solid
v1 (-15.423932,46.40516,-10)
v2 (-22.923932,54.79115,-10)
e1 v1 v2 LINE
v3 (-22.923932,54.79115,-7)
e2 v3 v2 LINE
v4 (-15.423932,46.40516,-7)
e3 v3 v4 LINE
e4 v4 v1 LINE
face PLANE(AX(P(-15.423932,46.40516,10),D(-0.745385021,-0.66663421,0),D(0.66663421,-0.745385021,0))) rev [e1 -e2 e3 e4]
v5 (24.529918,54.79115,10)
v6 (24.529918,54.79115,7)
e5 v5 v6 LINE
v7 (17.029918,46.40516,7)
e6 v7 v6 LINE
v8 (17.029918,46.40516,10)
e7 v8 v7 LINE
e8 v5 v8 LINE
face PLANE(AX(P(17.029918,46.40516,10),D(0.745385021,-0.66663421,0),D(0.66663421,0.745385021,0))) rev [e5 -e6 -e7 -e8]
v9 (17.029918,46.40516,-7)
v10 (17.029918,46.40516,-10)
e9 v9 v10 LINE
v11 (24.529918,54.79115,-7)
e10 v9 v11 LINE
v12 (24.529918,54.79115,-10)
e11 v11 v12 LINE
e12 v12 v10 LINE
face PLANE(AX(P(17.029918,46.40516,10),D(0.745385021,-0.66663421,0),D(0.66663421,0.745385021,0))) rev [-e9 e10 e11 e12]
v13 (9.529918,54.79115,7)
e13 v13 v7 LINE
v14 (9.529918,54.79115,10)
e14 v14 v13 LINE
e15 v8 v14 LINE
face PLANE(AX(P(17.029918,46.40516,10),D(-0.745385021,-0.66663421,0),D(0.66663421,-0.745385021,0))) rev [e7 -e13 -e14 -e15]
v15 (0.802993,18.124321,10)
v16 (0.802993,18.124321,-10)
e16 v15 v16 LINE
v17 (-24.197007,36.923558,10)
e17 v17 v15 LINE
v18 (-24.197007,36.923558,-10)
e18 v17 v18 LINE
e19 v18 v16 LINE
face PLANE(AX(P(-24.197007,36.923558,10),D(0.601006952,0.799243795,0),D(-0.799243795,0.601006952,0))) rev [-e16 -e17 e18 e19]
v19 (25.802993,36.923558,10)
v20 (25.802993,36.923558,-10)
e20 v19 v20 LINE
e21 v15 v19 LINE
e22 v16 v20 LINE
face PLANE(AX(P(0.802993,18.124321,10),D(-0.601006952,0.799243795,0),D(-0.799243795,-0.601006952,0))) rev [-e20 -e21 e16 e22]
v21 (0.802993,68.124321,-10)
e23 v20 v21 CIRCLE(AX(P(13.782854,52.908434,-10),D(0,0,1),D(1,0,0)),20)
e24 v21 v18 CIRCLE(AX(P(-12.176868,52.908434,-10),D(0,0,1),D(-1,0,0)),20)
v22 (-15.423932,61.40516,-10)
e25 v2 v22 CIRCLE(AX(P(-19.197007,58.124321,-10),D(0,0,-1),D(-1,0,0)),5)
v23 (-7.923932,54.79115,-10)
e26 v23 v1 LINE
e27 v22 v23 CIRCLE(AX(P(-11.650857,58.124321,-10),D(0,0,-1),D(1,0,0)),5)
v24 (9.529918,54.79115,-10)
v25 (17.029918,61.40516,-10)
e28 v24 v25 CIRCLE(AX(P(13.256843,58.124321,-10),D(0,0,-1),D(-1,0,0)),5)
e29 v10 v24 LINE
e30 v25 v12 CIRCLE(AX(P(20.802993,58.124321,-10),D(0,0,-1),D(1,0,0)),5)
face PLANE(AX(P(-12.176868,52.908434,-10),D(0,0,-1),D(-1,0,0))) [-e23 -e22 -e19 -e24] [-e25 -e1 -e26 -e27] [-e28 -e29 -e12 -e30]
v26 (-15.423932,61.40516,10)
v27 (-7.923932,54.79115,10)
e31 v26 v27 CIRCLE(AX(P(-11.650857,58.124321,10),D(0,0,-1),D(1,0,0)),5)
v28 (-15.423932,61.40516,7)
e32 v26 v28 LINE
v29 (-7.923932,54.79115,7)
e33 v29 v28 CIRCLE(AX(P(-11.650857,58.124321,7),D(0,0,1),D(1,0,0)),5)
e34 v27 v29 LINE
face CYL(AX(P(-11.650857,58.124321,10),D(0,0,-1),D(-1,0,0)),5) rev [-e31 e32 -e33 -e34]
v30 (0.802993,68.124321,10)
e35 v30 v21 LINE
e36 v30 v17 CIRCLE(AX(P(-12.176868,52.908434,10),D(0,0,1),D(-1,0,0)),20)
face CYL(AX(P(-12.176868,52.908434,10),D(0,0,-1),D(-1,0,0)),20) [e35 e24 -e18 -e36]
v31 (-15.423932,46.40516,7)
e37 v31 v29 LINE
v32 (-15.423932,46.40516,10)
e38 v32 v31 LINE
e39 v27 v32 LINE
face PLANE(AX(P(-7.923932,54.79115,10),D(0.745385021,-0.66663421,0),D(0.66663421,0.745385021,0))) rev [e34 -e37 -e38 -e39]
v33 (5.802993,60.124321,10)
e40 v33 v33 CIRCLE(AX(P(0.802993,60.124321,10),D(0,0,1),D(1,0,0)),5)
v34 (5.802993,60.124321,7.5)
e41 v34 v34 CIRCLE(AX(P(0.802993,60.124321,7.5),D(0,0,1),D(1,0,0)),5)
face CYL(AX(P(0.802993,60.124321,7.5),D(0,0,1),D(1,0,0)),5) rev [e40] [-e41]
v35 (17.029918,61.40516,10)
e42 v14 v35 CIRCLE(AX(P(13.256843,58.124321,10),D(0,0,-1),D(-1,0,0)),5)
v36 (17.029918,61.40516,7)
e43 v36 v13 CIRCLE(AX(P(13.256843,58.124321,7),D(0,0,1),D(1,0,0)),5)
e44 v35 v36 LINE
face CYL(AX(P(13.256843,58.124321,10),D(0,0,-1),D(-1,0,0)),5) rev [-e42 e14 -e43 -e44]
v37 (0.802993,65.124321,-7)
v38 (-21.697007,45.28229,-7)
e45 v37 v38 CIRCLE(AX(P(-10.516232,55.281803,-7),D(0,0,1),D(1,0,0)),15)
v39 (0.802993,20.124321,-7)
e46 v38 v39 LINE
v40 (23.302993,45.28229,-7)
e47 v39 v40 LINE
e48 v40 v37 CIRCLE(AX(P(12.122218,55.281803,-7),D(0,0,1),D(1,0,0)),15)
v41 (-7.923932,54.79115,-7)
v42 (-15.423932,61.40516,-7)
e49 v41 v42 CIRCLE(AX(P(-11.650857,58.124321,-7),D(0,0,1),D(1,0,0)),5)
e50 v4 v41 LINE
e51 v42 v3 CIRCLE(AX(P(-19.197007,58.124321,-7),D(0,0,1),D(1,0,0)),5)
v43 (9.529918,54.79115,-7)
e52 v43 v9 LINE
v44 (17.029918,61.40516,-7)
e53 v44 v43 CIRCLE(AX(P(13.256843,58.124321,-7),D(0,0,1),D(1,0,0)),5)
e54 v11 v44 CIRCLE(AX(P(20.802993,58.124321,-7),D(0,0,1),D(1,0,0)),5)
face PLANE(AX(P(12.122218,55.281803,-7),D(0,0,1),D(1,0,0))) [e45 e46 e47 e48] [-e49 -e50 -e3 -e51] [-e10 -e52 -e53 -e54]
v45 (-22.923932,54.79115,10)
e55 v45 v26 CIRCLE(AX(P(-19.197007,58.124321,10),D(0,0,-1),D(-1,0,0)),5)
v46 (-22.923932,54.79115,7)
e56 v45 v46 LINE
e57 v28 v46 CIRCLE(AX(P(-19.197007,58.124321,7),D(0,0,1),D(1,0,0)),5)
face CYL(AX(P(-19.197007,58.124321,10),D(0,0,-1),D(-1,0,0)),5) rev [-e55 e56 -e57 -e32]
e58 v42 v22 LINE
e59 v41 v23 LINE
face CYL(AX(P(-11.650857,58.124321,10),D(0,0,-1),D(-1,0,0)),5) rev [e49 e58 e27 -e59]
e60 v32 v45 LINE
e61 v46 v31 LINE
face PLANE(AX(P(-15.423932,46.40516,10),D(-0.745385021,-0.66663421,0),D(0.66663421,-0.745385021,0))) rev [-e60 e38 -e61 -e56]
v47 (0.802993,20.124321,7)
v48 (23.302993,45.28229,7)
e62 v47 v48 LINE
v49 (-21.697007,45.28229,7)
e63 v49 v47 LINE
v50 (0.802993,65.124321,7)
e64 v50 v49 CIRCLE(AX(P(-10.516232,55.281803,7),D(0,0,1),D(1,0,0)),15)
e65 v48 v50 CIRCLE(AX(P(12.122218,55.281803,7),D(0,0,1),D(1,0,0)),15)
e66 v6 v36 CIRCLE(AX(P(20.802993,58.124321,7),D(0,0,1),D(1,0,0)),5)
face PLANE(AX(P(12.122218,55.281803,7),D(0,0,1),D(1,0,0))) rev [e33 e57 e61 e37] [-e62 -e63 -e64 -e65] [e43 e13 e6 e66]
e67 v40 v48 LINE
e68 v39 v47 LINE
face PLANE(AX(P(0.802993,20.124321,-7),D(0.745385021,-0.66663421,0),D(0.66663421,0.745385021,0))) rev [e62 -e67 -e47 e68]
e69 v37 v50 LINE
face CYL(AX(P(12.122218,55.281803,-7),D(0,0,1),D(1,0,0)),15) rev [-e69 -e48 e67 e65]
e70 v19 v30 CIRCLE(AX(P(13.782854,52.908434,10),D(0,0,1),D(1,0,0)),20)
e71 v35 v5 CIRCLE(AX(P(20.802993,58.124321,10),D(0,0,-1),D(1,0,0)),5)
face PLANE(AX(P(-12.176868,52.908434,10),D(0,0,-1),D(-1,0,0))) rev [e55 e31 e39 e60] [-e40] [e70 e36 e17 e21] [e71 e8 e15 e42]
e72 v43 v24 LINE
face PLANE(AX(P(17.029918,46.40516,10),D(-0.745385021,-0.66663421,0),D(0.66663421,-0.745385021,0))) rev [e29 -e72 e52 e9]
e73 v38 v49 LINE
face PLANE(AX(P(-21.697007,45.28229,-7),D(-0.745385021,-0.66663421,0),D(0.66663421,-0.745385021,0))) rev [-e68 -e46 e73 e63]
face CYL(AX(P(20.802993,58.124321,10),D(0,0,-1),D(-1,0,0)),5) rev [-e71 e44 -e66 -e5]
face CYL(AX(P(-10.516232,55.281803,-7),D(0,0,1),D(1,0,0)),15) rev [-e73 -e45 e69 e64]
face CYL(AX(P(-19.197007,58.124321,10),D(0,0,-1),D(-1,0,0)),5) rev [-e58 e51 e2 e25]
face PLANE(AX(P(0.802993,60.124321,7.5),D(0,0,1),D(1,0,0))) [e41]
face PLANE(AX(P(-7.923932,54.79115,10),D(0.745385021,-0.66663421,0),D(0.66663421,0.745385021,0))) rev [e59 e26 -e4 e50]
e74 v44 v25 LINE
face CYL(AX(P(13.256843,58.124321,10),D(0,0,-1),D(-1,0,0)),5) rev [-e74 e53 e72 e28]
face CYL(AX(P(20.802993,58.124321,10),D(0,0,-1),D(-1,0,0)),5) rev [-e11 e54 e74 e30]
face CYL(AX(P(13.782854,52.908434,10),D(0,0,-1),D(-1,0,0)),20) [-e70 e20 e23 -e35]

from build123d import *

# Parameters (mm, degrees)
EXTRUDE_1_DEPTH     = 10
SKETCH_2_R          = 5
CUT_EXTRUDE_1_DEPTH = 2.5
CUT_EXTRUDE_2_DEPTH = 7
CUT_EXTRUDE_3_DEPTH = 20


with BuildPart() as part:
    # 草圖1 → 填料-伸長1 (new, symmetric)
    with BuildSketch(Plane.XY):
        with BuildLine():
            Line((-24.197007139, 36.923558221), (0.802992861, 18.124320865))
            Line((0.802992861, 18.124320865), (25.802992861, 36.923558221))
            ThreePointArc((25.802992861, 36.923558221), (29.390613552, 65.414346162), (0.802992861, 68.124320865))
            ThreePointArc((0.802992861, 68.124320865), (-27.78462783, 65.414346162), (-24.197007139, 36.923558221))
        make_face()
    extrude(amount=EXTRUDE_1_DEPTH, both=True)

    # 草圖2 → 除料-伸長1 (cut)
    with BuildSketch(Plane.XY.offset(10)):
        with Locations((0.802992861, 60.124320865)):
            Circle(SKETCH_2_R)
    extrude(amount=-CUT_EXTRUDE_1_DEPTH, mode=Mode.SUBTRACT)

    # 草圖3 → 除料-伸長2 (cut, symmetric)
    with BuildSketch(Plane.XY):
        with BuildLine():
            Line((0.802992861, 20.124320865), (23.302992861, 45.282290118))
            ThreePointArc((23.302992861, 45.282290118), (22.043474428, 66.532077134), (0.802992861, 65.124320865))
            ThreePointArc((0.802992861, 65.124320865), (-20.437488706, 66.532077134), (-21.697007139, 45.282290118))
            Line((-21.697007139, 45.282290118), (0.802992861, 20.124320865))
        make_face()
    extrude(amount=CUT_EXTRUDE_2_DEPTH, both=True, mode=Mode.SUBTRACT)

    # 草圖4 → 除料-伸長3 (cut)
    with BuildSketch(Plane(origin=(0, 0, -10), x_dir=(-1, 0, 0), z_dir=(0, 0, -1))):
        with BuildLine():
            Line((7.923932244, 54.791149812), (15.423932244, 46.405160061))
            Line((15.423932244, 46.405160061), (22.923932244, 54.791149812))
            ThreePointArc((22.923932244, 54.791149812), (22.504092766, 61.874412151), (15.423932244, 61.405160061))
            ThreePointArc((15.423932244, 61.405160061), (8.343771721, 61.874412151), (7.923932244, 54.791149812))
        make_face()
        with BuildLine():
            Line((-17.029917966, 46.405160061), (-24.529917966, 54.791149812))
            ThreePointArc((-24.529917966, 54.791149812), (-24.110078488, 61.874412151), (-17.029917966, 61.405160061))
            ThreePointArc((-17.029917966, 61.405160061), (-9.949757443, 61.874412151), (-9.529917966, 54.791149812))
            Line((-9.529917966, 54.791149812), (-17.029917966, 46.405160061))
        make_face()
    extrude(amount=-CUT_EXTRUDE_3_DEPTH, mode=Mode.SUBTRACT)


solid = part.part
